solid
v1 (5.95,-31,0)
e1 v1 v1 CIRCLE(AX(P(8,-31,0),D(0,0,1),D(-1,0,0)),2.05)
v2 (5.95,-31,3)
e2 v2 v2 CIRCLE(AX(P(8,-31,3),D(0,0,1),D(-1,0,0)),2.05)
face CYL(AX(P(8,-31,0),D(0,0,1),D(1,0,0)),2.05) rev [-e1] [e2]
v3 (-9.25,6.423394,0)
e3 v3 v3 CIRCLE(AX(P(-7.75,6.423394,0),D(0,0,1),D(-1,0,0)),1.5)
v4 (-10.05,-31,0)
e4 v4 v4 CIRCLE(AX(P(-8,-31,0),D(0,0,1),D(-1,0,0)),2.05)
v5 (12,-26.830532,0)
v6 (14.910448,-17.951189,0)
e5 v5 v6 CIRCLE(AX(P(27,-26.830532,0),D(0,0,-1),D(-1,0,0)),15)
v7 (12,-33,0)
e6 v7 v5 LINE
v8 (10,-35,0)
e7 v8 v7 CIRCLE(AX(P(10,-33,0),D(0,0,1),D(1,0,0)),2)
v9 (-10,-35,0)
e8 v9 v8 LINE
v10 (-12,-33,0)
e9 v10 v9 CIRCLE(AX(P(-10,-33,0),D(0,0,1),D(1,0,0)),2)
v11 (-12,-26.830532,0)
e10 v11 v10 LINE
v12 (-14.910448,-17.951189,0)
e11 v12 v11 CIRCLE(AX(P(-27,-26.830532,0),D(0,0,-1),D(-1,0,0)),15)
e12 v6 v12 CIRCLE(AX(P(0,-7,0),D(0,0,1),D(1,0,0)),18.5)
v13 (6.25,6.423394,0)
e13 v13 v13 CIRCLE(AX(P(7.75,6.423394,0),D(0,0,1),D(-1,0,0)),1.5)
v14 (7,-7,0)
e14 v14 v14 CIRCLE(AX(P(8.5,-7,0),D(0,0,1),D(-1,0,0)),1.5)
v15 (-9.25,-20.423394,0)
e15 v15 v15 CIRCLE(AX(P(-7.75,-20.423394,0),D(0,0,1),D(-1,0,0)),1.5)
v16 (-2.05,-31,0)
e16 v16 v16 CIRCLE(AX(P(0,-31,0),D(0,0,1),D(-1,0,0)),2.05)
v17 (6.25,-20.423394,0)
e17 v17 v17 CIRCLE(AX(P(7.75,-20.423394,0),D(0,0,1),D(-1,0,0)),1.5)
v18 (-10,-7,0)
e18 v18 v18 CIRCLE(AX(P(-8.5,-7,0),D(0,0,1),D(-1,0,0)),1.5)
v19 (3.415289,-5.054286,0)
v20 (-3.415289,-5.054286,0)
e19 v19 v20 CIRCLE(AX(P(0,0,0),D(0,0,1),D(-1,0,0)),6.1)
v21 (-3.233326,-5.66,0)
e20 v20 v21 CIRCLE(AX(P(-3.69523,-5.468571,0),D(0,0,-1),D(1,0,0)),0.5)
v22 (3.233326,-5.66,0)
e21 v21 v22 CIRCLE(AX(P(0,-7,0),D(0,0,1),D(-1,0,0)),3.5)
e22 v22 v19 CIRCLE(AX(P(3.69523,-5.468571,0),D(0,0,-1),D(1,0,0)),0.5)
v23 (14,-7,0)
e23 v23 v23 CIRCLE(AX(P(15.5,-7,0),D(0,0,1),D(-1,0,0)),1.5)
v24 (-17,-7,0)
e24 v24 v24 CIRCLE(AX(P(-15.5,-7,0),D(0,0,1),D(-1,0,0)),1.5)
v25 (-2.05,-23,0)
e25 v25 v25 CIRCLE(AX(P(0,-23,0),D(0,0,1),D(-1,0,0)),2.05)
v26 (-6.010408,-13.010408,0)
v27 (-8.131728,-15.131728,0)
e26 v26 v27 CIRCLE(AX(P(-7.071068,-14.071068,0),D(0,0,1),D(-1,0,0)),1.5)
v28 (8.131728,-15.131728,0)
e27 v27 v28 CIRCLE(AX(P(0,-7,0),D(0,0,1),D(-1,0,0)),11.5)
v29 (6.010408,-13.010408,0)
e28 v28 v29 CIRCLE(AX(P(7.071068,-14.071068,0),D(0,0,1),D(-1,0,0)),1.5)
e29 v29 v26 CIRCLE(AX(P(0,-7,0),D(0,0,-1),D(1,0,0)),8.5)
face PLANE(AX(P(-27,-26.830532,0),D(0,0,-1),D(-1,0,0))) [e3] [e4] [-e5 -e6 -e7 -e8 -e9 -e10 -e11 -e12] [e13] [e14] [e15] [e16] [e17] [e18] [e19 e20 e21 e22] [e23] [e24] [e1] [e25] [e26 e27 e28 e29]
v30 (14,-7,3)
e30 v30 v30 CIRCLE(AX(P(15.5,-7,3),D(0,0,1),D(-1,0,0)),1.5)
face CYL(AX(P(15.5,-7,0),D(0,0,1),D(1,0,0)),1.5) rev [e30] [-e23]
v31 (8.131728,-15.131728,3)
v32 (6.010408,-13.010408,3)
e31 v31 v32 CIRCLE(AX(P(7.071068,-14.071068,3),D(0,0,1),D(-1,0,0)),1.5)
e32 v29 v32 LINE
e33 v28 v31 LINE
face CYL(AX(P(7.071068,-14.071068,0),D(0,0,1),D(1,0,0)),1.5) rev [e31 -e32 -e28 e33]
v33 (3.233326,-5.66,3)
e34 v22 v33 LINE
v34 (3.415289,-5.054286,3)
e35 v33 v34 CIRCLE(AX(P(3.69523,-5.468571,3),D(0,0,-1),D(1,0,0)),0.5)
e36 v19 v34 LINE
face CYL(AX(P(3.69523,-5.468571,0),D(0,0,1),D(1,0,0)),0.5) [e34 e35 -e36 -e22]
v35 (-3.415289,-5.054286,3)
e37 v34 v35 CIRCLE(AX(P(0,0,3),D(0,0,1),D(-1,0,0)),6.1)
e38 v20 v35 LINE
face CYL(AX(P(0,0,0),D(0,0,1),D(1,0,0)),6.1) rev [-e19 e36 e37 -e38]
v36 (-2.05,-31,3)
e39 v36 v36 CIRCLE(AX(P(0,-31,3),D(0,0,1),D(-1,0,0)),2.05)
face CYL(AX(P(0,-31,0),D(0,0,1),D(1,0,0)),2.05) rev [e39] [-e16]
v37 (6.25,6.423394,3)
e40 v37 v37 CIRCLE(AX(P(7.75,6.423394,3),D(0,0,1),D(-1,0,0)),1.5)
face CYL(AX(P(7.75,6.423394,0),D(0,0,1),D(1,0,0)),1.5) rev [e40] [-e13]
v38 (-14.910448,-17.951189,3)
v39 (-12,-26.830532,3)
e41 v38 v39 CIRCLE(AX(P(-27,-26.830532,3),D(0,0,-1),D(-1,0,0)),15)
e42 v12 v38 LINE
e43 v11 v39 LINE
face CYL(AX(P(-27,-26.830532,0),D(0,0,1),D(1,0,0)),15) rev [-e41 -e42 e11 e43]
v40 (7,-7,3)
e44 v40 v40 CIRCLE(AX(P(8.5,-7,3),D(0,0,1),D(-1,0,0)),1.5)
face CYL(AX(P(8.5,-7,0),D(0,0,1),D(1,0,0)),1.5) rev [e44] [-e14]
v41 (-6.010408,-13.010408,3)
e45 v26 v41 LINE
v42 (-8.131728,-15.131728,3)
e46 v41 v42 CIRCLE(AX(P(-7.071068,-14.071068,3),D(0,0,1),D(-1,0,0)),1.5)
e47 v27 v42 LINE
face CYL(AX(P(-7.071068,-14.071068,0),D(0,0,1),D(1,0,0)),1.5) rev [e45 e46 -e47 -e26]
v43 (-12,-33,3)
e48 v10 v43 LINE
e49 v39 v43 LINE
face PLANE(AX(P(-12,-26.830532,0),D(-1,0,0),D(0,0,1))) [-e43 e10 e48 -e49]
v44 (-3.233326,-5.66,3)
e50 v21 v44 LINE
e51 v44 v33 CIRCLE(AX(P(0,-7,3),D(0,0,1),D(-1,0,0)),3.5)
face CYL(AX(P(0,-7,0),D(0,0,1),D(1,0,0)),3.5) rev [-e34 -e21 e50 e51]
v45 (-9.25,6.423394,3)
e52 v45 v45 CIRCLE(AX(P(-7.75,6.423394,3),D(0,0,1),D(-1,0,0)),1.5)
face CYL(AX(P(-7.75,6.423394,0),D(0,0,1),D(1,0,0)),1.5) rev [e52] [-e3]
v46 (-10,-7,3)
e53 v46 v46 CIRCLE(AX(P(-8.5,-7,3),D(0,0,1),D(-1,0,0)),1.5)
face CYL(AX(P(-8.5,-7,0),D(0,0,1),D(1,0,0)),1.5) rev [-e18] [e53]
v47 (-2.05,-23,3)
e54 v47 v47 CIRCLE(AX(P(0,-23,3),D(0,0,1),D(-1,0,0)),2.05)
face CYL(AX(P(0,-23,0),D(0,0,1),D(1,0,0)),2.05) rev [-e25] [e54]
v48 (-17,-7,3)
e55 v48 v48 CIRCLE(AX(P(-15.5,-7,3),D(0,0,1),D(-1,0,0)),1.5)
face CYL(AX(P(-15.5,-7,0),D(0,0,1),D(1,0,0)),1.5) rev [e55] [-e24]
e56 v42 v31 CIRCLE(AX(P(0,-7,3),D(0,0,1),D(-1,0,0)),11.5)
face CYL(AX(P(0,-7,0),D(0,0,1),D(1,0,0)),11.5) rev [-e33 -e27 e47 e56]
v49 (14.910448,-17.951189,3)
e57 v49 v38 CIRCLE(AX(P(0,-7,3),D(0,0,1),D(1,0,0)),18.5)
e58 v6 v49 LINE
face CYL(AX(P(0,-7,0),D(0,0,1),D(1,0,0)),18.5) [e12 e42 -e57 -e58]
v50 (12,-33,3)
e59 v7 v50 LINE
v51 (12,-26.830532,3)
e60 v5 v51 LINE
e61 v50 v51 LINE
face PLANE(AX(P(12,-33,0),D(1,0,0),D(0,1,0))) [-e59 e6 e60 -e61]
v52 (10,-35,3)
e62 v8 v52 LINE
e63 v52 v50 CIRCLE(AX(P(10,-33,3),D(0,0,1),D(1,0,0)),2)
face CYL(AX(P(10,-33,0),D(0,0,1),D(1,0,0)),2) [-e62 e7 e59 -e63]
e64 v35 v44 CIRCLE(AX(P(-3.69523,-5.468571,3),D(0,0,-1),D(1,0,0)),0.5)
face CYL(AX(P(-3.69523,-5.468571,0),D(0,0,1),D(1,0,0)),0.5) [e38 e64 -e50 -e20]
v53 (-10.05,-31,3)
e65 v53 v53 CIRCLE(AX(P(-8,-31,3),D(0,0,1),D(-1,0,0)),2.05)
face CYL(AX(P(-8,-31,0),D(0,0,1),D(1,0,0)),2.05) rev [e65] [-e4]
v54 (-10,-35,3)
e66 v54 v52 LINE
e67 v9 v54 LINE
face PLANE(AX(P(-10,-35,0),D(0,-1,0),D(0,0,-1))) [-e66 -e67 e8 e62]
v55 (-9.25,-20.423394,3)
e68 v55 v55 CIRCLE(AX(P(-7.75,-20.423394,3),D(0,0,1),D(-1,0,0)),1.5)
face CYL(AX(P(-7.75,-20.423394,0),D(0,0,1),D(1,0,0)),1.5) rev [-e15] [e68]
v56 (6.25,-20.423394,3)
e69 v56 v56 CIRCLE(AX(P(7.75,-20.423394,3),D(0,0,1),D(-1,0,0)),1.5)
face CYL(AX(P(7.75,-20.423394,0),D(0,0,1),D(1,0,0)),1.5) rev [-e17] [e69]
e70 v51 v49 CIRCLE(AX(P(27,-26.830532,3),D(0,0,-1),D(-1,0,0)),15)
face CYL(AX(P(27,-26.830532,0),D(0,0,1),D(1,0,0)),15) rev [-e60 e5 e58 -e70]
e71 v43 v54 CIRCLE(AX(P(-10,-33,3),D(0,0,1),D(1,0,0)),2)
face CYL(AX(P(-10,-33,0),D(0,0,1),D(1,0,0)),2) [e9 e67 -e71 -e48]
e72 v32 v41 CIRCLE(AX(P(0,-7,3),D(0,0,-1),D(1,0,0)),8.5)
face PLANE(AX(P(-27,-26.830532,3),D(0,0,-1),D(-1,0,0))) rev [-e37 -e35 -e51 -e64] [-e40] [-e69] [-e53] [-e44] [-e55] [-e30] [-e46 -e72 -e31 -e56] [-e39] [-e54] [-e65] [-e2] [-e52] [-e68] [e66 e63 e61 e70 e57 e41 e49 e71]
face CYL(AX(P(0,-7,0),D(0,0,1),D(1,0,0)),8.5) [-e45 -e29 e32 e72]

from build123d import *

# Parameters (mm, degrees)
SKETCH1_R           = 2.05
SKETCH1_R_2         = 1.5
BOSS_EXTRUDE1_DEPTH = 3


with BuildPart() as part:
    # Sketch1 → Boss-Extrude1 (new body)
    with BuildSketch(Plane.XY.offset(3)):
        with BuildLine():
            Line((-12, -26.830532015), (-12, -33))
            ThreePointArc((-12, -33), (-11.414213562, -34.414213562), (-10, -35))
            Line((-10, -35), (10, -35))
            ThreePointArc((10, -35), (11.414213562, -34.414213562), (12, -33))
            Line((12, -33), (12, -26.830532015))
            ThreePointArc((12, -26.830532015), (12.746170978, -22.15844916), (14.910447761, -17.951189322))
            ThreePointArc((14.910447761, -17.951189322), (0, 11.5), (-14.910447761, -17.951189322))
            ThreePointArc((-14.910447761, -17.951189322), (-12.746170978, -22.15844916), (-12, -26.830532015))
        make_face()
        with Locations(Location((8, -31, 0), (0, 0, 180))):
            Circle(SKETCH1_R, mode=Mode.SUBTRACT)
        with Locations(Location((-8, -31, 0), (0, 0, 180))):
            Circle(SKETCH1_R, mode=Mode.SUBTRACT)
        with Locations(Location((0, -31, 0), (0, 0, 180))):
            Circle(SKETCH1_R, mode=Mode.SUBTRACT)
        with Locations(Location((-7.75, 6.423393759, 0), (0, 0, 180))):
            Circle(SKETCH1_R_2, mode=Mode.SUBTRACT)
        with Locations(Location((7.75, 6.423393759, 0), (0, 0, 180))):
            Circle(SKETCH1_R_2, mode=Mode.SUBTRACT)
        with Locations(Location((15.5, -7, 0), (0, 0, 180))):
            Circle(SKETCH1_R_2, mode=Mode.SUBTRACT)
        with Locations(Location((7.75, -20.423393759, 0), (0, 0, 180))):
            Circle(SKETCH1_R_2, mode=Mode.SUBTRACT)
        with Locations(Location((-7.75, -20.423393759, 0), (0, 0, 180))):
            Circle(SKETCH1_R_2, mode=Mode.SUBTRACT)
        with Locations(Location((-15.5, -7, 0), (0, 0, 180))):
            Circle(SKETCH1_R_2, mode=Mode.SUBTRACT)
        with Locations(Location((-8.5, -7, 0), (0, 0, 180))):
            Circle(SKETCH1_R_2, mode=Mode.SUBTRACT)
        with Locations(Location((0, -23, 0), (0, 0, 180))):
            Circle(SKETCH1_R, mode=Mode.SUBTRACT)
        with Locations(Location((8.5, -7, 0), (0, 0, 180))):
            Circle(SKETCH1_R_2, mode=Mode.SUBTRACT)
        with BuildLine():
            ThreePointArc((3.23332646, -5.66), (0, -10.5), (-3.23332646, -5.66))
            ThreePointArc((-3.23332646, -5.66), (-3.216371052, -5.324717761), (-3.415288556, -5.054285714))
            ThreePointArc((-3.415288556, -5.054285714), (0, 6.1), (3.415288556, -5.054285714))
            ThreePointArc((3.415288556, -5.054285714), (3.216371052, -5.324717761), (3.23332646, -5.66))
        make_face(mode=Mode.SUBTRACT)
        with BuildLine():
            ThreePointArc((6.01040764, -13.01040764), (8.131727984, -13.01040764), (8.131727984, -15.131727984))
            ThreePointArc((8.131727984, -15.131727984), (0, -18.5), (-8.131727984, -15.131727984))
            ThreePointArc((-8.131727984, -15.131727984), (-8.131727984, -13.01040764), (-6.01040764, -13.01040764))
            ThreePointArc((-6.01040764, -13.01040764), (0, -15.5), (6.01040764, -13.01040764))
        make_face(mode=Mode.SUBTRACT)
    extrude(amount=-BOSS_EXTRUDE1_DEPTH)


solid = part.part
